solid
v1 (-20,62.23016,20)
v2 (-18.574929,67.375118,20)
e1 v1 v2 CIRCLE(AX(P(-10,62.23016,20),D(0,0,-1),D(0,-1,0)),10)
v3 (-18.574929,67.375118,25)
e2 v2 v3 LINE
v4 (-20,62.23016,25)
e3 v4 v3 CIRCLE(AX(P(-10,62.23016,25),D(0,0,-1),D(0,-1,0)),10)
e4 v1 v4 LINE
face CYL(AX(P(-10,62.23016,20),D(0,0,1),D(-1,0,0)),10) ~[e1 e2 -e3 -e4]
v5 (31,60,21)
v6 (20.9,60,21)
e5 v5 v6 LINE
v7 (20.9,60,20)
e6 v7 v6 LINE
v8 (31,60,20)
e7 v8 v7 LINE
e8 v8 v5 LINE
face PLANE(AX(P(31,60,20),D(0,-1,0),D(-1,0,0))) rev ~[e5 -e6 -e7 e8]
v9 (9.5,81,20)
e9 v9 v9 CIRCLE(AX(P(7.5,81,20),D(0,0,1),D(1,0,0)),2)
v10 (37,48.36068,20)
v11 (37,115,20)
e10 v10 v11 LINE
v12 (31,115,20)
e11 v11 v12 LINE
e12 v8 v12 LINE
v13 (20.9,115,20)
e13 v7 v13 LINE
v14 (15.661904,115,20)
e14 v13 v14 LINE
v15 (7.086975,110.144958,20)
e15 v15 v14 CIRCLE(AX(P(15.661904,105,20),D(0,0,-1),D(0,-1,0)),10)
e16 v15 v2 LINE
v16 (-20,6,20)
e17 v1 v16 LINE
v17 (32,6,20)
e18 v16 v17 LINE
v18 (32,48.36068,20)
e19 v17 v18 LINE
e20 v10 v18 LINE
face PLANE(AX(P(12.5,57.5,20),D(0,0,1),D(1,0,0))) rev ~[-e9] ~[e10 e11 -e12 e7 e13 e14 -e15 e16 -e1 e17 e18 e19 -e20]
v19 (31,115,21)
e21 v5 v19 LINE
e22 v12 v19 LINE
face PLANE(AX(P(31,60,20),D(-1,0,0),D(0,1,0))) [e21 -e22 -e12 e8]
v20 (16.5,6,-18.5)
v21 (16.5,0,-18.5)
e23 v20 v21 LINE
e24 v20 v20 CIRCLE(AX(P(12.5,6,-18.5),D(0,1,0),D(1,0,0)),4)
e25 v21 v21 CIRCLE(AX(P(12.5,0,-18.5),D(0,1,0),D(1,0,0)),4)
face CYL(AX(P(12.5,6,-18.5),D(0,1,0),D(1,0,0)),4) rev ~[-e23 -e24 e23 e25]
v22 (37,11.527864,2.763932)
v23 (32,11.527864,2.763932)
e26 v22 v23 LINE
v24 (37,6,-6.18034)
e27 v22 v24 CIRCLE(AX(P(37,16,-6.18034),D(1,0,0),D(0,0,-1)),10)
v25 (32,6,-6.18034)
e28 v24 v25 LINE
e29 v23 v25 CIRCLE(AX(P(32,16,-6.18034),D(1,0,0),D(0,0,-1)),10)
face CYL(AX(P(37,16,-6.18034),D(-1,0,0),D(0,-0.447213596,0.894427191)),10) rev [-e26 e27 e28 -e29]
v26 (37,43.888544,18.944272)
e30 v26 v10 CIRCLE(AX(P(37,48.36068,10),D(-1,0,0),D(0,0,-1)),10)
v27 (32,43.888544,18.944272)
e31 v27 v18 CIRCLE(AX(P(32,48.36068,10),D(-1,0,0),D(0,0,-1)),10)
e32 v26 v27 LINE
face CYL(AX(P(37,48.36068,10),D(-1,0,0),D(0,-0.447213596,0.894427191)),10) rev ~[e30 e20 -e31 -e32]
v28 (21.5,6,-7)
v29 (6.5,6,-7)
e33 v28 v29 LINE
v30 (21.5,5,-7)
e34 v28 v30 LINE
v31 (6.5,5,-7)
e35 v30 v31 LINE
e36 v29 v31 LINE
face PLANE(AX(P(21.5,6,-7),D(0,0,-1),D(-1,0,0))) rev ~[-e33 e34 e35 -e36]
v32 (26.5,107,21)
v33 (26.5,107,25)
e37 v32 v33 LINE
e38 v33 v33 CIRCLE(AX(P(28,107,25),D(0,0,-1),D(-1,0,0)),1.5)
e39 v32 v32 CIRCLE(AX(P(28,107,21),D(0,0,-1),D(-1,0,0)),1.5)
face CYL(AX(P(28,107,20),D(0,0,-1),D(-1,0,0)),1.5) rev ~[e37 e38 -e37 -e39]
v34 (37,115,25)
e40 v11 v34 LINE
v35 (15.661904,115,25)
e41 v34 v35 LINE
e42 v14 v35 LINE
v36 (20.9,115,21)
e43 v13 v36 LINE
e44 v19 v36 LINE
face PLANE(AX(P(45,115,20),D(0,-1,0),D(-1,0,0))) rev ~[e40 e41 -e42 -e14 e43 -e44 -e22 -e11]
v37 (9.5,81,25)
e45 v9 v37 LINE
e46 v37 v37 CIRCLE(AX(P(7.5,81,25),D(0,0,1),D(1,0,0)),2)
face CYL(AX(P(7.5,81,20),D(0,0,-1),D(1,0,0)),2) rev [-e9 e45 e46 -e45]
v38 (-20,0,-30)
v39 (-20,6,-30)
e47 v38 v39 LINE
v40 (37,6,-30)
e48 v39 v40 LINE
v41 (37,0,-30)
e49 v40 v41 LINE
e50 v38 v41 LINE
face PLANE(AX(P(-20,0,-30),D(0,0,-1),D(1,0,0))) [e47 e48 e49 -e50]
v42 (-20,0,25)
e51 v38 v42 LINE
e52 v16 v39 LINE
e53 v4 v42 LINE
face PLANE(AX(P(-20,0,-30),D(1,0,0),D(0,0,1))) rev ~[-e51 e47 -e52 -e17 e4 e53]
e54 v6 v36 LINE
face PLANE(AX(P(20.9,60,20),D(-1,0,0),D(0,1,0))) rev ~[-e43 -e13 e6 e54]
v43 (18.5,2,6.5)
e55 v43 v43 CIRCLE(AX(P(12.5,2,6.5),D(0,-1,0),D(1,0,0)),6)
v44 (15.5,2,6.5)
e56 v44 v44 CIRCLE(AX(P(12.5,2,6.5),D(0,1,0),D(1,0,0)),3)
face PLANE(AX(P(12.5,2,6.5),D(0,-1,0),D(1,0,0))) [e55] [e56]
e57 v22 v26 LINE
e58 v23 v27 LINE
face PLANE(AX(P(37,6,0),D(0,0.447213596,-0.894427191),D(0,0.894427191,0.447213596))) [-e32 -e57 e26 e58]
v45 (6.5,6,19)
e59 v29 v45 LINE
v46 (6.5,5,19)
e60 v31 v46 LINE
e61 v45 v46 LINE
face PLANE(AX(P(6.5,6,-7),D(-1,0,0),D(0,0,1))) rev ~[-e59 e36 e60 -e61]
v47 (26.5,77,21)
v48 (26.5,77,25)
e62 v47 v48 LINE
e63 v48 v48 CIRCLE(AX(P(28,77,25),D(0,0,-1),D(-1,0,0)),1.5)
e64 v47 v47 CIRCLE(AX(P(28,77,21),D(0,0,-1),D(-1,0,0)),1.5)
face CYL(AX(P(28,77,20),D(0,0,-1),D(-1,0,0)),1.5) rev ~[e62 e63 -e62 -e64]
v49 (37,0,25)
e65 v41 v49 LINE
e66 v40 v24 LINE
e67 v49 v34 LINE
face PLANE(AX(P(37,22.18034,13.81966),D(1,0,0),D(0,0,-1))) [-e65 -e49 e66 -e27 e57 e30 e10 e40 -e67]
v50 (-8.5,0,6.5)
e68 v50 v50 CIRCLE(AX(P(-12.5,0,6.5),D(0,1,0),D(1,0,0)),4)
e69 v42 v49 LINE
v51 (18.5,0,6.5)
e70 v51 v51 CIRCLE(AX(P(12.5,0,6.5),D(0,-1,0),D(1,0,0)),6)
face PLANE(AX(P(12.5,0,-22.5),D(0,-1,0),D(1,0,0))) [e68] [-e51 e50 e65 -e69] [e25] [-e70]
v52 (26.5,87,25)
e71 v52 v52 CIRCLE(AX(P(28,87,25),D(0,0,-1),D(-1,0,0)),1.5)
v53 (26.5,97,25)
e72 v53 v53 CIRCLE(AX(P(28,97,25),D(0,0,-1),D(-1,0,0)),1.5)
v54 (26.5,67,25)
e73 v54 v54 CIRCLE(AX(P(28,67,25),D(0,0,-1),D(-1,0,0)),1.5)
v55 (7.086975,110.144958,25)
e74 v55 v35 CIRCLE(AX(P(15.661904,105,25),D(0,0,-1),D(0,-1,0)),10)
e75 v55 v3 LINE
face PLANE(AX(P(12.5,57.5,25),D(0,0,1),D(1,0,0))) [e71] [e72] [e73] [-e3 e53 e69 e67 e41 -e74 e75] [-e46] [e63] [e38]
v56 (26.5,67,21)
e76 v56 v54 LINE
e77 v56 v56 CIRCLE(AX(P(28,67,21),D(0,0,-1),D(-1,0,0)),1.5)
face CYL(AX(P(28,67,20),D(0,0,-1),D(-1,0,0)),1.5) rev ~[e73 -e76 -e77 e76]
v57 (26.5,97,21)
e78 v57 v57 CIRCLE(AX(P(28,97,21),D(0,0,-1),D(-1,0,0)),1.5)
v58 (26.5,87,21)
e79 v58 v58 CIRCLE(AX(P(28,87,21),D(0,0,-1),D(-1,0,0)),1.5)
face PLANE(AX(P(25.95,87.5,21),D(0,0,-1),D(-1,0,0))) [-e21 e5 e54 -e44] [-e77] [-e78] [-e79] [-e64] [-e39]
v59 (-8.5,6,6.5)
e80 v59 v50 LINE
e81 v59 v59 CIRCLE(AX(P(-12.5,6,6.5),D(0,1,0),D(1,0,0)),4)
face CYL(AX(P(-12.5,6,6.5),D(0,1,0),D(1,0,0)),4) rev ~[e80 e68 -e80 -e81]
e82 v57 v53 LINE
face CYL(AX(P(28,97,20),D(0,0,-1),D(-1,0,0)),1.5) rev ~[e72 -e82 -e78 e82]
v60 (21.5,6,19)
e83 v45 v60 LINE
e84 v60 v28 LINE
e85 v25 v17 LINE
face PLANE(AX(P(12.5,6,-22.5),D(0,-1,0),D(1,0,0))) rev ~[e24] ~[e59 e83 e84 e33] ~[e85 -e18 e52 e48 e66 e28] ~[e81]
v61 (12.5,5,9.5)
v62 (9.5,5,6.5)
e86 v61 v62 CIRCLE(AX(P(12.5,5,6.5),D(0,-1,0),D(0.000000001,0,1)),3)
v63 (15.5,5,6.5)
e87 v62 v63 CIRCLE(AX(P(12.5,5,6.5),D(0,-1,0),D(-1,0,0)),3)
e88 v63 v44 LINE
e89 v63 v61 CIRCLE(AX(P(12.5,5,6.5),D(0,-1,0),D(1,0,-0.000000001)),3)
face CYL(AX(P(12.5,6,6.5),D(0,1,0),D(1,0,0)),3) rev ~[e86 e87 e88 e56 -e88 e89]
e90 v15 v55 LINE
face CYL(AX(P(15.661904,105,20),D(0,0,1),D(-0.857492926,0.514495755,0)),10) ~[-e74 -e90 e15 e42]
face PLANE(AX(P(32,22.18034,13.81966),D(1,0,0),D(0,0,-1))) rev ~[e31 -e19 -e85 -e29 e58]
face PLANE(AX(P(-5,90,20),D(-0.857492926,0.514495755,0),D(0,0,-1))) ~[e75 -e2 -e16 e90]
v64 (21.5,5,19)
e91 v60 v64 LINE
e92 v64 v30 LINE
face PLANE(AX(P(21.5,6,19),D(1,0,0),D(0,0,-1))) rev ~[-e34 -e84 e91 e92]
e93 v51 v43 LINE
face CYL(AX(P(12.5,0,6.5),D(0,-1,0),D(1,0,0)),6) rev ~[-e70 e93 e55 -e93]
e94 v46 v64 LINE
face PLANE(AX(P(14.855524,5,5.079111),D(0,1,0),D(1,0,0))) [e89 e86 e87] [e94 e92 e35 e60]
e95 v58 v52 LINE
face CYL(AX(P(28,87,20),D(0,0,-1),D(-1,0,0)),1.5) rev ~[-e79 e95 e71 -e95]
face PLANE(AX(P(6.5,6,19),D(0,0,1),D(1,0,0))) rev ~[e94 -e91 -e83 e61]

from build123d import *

# Parameters (mm, degrees)
SKETCH_1_W                 = 40
SKETCH_1_H                 = 10
SKETCH_1_H_2               = 15
EXTRUDE_1_DEPTH            = 6
SKETCH_3_R                 = 3
SKETCH_3_R_2               = 4
CUT_EXTRUDE_1_DEPTH        = 7
CUT_EXTRUDE_2_DEPTH        = 1
SKETCH_6_R                 = 2
EXTRUDE_2_DEPTH            = 5
SKETCH_7_R                 = 1.5
CUT_EXTRUDE_4_DEPTH        = 6
SKETCH_8_W                 = 10.1
SKETCH_8_H                 = 55
SKETCH_8_R                 = 1.5
CUT_EXTRUDE_5_DEPTH        = 1
SKETCH_9_R                 = 6
CUT_EXTRUDE_6_DEPTH        = 2
SKETCH_10_W                = 65
SKETCH_10_H                = 15
EXTRUDE_3_DEPTH            = 6
SKETCH_11_R                = 4
CUT_EXTRUDE_7_DEPTH        = 6
SKETCH_12_W                = 161.966486937
SKETCH_12_H                = 199.843871975
CUT_EXTRUDE_8_DEPTH        = 8
PATTERN_LINEAR_1_COUNT     = 3
PATTERN_LINEAR_1_PITCH     = 10
PATTERN_LINEAR_1_COL_COUNT = 3
PATTERN_LINEAR_1_COL_PITCH = 10
CHAMFER_1_SIZE             = 30
CHAMFER_1_SIZE2            = 50
FILLET_1_R                 = 10
EXTRUDE_4_DEPTH            = 5
FILLET_2_R                 = 10


with BuildPart() as part:
    # 草图1 → 凸台-拉伸1 (new body)
    with BuildSketch(Plane(origin=(0, 0, 0), x_dir=(1, 0, 0), z_dir=(0, 1, 0))):
        with Locations((20, -5)):
            Rectangle(SKETCH_1_W, SKETCH_1_H)
        with Locations((20, 7.5)):
            Rectangle(SKETCH_1_W, SKETCH_1_H_2)
        with Locations((20, -15)):
            Rectangle(SKETCH_1_W, SKETCH_1_H)
        Polygon((-20, 15), (-20, -20), (0, -20), (0, -10), (0, 0), (0, 15), align=None)
        Polygon((45, -20), (40, -20), (40, -10), (40, 0), (40, 15), (45, 15), align=None)
    extrude(amount=EXTRUDE_1_DEPTH)

    # 草图3 → 切除-拉伸1 (cut, through all)
    with BuildSketch(Plane(origin=(0, 6, 0), x_dir=(1, 0, 0), z_dir=(0, 1, 0))):
        with Locations((12.5, -6.5)):
            Circle(SKETCH_3_R)
        with Locations((-12.5, -6.5)):
            Circle(SKETCH_3_R_2)
    extrude(amount=-CUT_EXTRUDE_1_DEPTH, mode=Mode.SUBTRACT)

    # 草图4 → 切除-拉伸2 (cut)
    with BuildSketch(Plane(origin=(0, 6, 0), x_dir=(1, 0, 0), z_dir=(0, 1, 0))):
        with BuildLine():
            Line((6.5, -6.5), (9.5, -6.5))
            ThreePointArc((9.5, -6.5), (12.5, -3.5), (15.5, -6.5))
            ThreePointArc((15.5, -6.5), (14.621320344, -8.621320344), (12.5, -9.5))
            Line((12.5, -9.5), (12.5, -19))
            Line((12.5, -19), (21.5, -19))
            Line((21.5, -19), (21.5, 7))
            Line((21.5, 7), (6.5, 7))
            Line((6.5, 7), (6.5, -6.5))
        make_face()
        with BuildLine():
            ThreePointArc((12.5, -9.5), (10.378679656, -8.621320344), (9.5, -6.5))
            Line((9.5, -6.5), (6.5, -6.5))
            Line((6.5, -6.5), (6.5, -19))
            Line((6.5, -19), (12.5, -19))
            Line((12.5, -19), (12.5, -9.5))
        make_face()
    extrude(amount=-CUT_EXTRUDE_2_DEPTH, mode=Mode.SUBTRACT)

    # 草图6 → 凸台-拉伸2 (add)
    with BuildSketch(Plane.XY.offset(20)):
        Polygon((-20, 0), (12.5, 0), (45, 0), (45, 115), (-20, 115), align=None)
        with Locations((7.5, 81)):
            Circle(SKETCH_6_R, mode=Mode.SUBTRACT)
    extrude(amount=EXTRUDE_2_DEPTH)

    # 草图7 → 切除-拉伸4 (cut, through all)
    with BuildSketch(Plane(origin=(0, 0, 20), x_dir=(-1, 0, 0), z_dir=(0, 0, -1))):
        with Locations((-28, 87)):
            Circle(SKETCH_7_R)
    cut_extrude_4 = extrude(amount=-CUT_EXTRUDE_4_DEPTH, mode=Mode.SUBTRACT)

    # 草图8 → 切除-拉伸5 (cut)
    with BuildSketch(Plane(origin=(0, 0, 20), x_dir=(-1, 0, 0), z_dir=(0, 0, -1))):
        with Locations((-25.95, 87.5)):
            Rectangle(SKETCH_8_W, SKETCH_8_H)
        with Locations((-28, 87)):
            Circle(SKETCH_8_R, mode=Mode.SUBTRACT)
    extrude(amount=-CUT_EXTRUDE_5_DEPTH, mode=Mode.SUBTRACT)

    # 草图9 → 切除-拉伸6 (cut)
    with BuildSketch(Plane.XZ):
        with Locations((12.5, 6.5)):
            Circle(SKETCH_9_R)
    extrude(amount=-CUT_EXTRUDE_6_DEPTH, mode=Mode.SUBTRACT)

    # 草图10 → 凸台-拉伸3 (add)
    with BuildSketch(Plane.XZ):
        with Locations((12.5, -22.5)):
            Rectangle(SKETCH_10_W, SKETCH_10_H)
    extrude(amount=-EXTRUDE_3_DEPTH)

    # 草图11 → 切除-拉伸7 (cut)
    with BuildSketch(Plane(origin=(0, 6, 0), x_dir=(1, 0, 0), z_dir=(0, 1, 0))):
        with Locations((12.5, 18.5)):
            Circle(SKETCH_11_R)
    extrude(amount=-CUT_EXTRUDE_7_DEPTH, mode=Mode.SUBTRACT)

    # 草图12 → 切除-拉伸8 (cut)
    with BuildSketch(Plane(origin=(45, 0, 0), x_dir=(0, 0, -1), z_dir=(1, 0, 0))):
        with Locations((-40.373481837, 95.367627035)):
            Rectangle(SKETCH_12_W, SKETCH_12_H)
    extrude(amount=-CUT_EXTRUDE_8_DEPTH, mode=Mode.SUBTRACT)

    # 阵列(线性)1: 切除-拉伸4 ×3
    with Locations(*[(0, -i * PATTERN_LINEAR_1_PITCH, 0) for i in range(1, PATTERN_LINEAR_1_COUNT)]):
        add(cut_extrude_4, mode=Mode.SUBTRACT)

    # 阵列(线性)1 col: 切除-拉伸4 ×3
    with Locations(*[(0, i * PATTERN_LINEAR_1_COL_PITCH, 0) for i in range(1, PATTERN_LINEAR_1_COL_COUNT)]):
        add(cut_extrude_4, mode=Mode.SUBTRACT)

    # 倒角1
    chamfer_1_edges = [part.edges().sort_by_distance(p)[0] for p in [
        (-20, 115, 22.5),
    ]]
    chamfer_1_side = [part.faces().sort_by_distance(p)[0] for p in [
        (7.858875955, 115, 22.573481266),
    ]]
    chamfer(chamfer_1_edges, length=CHAMFER_1_SIZE, length2=CHAMFER_1_SIZE2, reference=chamfer_1_side[0])

    # 圆角1
    fillet_1_edges = [part.edges().sort_by_distance(p)[0] for p in [
        (-20, 65, 22.5),
        (10, 115, 22.5),
    ]]
    fillet(fillet_1_edges, radius=FILLET_1_R)

    # 草图13 → 凸台-拉伸4 (add)
    with BuildSketch(Plane(origin=(37, 0, 0), x_dir=(0, 0, -1), z_dir=(1, 0, 0))):
        Polygon((-20, 6), (0, 6), (-20, 46), align=None)
    extrude(amount=-EXTRUDE_4_DEPTH)

    # 圆角2
    fillet_2_edges = [part.edges().sort_by_distance(p)[0] for p in [
        (34.5, 46, 20),
        (34.5, 6, 0),
    ]]
    fillet(fillet_2_edges, radius=FILLET_2_R)


solid = part.part
